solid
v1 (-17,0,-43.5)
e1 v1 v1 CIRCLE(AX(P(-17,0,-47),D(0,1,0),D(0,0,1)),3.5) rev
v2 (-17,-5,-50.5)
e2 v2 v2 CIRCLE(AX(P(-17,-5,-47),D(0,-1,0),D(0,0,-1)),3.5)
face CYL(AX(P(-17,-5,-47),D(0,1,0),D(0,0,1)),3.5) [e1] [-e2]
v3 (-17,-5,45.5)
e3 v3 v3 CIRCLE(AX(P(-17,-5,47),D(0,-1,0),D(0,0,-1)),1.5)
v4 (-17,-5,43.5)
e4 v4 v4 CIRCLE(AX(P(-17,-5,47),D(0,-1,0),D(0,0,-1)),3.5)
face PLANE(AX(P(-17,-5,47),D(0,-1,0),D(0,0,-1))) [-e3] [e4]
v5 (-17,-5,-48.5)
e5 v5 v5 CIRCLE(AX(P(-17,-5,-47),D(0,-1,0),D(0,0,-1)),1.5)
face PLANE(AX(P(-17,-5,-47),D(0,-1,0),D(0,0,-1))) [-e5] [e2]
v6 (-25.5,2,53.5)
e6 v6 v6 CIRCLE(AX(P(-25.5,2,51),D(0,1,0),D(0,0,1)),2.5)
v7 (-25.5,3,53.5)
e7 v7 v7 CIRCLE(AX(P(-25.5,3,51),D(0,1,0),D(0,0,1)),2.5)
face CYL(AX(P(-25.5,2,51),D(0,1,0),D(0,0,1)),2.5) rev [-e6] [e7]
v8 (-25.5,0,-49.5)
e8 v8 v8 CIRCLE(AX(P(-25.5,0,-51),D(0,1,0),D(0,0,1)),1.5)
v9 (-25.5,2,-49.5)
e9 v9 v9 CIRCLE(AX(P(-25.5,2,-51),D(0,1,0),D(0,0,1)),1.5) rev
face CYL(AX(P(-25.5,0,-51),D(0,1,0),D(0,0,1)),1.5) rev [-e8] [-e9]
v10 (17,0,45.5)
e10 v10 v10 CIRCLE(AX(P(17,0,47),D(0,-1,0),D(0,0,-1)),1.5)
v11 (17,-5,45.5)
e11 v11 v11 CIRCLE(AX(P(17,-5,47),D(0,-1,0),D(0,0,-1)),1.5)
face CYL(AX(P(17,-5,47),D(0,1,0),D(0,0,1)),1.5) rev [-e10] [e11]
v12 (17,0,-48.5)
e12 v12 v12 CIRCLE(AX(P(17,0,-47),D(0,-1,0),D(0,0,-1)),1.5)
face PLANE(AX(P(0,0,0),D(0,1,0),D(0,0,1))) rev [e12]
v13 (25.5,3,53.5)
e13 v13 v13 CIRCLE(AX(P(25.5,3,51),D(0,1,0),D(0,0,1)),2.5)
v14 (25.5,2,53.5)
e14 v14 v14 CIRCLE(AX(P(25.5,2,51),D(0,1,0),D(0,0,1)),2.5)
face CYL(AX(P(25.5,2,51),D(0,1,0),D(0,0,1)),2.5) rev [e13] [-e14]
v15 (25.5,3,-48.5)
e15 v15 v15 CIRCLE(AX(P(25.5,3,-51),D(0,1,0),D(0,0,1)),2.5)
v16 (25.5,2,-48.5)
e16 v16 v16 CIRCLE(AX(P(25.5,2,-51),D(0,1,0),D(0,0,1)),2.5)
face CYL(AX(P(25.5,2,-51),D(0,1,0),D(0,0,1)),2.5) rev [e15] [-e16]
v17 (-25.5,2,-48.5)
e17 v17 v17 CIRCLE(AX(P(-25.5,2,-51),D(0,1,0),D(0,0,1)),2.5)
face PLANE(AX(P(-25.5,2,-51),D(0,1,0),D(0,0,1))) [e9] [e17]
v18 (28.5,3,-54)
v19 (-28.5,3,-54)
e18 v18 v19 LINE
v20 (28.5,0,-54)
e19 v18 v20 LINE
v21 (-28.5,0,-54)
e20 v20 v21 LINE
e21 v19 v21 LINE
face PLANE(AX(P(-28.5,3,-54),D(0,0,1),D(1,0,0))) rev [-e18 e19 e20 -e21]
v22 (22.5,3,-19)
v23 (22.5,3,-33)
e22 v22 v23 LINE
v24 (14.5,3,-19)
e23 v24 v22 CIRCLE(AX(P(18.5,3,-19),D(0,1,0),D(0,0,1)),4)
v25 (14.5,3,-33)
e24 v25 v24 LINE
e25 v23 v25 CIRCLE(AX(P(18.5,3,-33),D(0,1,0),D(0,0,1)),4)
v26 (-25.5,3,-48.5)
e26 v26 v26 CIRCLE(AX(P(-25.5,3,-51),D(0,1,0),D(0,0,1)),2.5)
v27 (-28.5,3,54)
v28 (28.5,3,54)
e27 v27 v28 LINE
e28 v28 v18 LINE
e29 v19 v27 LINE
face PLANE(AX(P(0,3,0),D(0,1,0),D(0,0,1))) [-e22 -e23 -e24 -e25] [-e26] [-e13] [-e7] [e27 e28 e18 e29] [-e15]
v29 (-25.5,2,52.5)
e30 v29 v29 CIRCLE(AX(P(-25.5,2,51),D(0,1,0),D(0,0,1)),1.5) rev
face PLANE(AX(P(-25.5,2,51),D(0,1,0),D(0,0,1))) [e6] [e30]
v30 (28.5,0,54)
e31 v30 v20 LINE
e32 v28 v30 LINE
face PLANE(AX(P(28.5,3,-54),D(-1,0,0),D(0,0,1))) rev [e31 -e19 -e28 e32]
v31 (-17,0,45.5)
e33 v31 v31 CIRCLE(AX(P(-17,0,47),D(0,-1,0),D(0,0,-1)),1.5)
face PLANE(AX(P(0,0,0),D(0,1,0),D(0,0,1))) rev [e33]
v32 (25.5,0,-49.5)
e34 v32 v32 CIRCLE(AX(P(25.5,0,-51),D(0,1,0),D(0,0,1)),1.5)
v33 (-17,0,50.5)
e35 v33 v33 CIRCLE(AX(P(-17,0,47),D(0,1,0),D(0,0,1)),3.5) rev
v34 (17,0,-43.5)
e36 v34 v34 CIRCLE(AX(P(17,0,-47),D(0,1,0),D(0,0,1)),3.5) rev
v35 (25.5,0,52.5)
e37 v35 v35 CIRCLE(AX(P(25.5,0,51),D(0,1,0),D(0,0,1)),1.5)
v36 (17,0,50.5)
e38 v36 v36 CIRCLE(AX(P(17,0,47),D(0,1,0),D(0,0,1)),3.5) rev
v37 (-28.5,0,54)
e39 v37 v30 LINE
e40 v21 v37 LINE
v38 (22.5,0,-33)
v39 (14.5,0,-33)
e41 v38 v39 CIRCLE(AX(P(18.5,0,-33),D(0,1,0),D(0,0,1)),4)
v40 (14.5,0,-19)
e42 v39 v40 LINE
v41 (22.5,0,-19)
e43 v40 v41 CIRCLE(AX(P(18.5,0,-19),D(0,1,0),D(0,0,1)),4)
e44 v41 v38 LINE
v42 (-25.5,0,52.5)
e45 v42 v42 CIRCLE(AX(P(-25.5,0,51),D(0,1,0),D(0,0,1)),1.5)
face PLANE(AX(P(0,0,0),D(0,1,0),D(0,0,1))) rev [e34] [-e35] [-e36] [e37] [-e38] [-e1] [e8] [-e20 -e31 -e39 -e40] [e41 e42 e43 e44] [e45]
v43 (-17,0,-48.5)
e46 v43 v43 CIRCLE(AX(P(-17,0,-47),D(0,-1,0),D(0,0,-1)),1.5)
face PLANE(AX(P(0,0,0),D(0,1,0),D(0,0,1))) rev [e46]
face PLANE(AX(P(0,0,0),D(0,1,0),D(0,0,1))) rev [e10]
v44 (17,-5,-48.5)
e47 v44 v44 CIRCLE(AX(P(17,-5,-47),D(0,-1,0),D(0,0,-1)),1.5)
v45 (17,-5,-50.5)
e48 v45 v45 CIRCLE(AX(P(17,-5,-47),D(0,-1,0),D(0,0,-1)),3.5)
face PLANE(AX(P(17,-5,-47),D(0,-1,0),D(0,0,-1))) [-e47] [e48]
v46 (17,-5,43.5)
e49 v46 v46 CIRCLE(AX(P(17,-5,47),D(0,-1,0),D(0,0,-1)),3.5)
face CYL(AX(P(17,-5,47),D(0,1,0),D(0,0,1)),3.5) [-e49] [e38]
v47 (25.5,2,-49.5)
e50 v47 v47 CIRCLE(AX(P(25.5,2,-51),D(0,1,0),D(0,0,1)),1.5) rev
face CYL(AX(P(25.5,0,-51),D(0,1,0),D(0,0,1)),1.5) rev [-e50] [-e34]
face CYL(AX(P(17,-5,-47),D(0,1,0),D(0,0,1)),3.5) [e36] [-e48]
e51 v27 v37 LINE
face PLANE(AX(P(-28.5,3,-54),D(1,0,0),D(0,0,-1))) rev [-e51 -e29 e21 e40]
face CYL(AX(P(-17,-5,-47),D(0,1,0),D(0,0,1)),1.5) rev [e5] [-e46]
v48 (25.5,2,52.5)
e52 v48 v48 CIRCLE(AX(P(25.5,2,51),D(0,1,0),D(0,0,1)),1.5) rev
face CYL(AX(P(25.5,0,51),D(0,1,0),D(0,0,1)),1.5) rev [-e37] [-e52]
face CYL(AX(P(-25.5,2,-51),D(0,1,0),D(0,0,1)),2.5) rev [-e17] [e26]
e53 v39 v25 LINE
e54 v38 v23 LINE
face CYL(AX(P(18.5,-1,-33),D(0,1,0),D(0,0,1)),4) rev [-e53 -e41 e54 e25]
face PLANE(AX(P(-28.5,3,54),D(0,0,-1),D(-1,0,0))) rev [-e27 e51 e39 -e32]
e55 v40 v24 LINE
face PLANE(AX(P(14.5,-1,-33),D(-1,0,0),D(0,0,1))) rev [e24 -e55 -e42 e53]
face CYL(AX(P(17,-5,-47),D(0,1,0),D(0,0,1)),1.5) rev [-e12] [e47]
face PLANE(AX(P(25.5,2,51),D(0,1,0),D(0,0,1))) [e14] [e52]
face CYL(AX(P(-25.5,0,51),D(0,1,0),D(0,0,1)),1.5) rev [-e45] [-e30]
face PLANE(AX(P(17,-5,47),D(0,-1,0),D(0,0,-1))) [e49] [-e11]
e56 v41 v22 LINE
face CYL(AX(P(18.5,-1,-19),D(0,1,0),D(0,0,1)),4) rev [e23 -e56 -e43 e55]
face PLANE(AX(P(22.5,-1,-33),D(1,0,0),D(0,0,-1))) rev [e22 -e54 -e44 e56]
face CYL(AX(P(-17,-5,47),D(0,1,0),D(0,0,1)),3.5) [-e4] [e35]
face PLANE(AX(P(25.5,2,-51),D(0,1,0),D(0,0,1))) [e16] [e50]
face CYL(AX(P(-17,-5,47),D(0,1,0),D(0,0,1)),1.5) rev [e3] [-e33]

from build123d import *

# Parameters (mm, degrees)
CROQUIS1_W              = 57
CROQUIS1_H              = 108
SALIENTE_EXTRUIR1_DEPTH = 3
CROQUIS2_R              = 1.5
CORTAR_EXTRUIR1_DEPTH   = 3
CROQUIS3_R              = 2.5
CORTAR_EXTRUIR2_DEPTH   = 1
CROQUIS7_R              = 3.5
CROQUIS7_R_2            = 1.5
SALIENTE_EXTRUIR2_DEPTH = 5
CORTAR_EXTRUIR3_DEPTH   = 4


with BuildPart() as part:
    # Croquis1 → Saliente-Extruir1 (new body)
    with BuildSketch(Plane(origin=(0, 0, 0), x_dir=(1, 0, 0), z_dir=(0, 1, 0))):
        Rectangle(CROQUIS1_W, CROQUIS1_H)
    extrude(amount=SALIENTE_EXTRUIR1_DEPTH)

    # Croquis2 → Cortar-Extruir1 (cut)
    with BuildSketch(Plane(origin=(0, 3, 0), x_dir=(1, 0, 0), z_dir=(0, 1, 0))):
        with Locations(Location((-25.5, 51, 0), (0, 0, 270))):
            Circle(CROQUIS2_R)
        with Locations(Location((25.5, 51, 0), (0, 0, 270))):
            Circle(CROQUIS2_R)
        with Locations(Location((25.5, -51, 0), (0, 0, 270))):
            Circle(CROQUIS2_R)
        with Locations(Location((-25.5, -51, 0), (0, 0, 270))):
            Circle(CROQUIS2_R)
    extrude(amount=-CORTAR_EXTRUIR1_DEPTH, mode=Mode.SUBTRACT)

    # Croquis3 → Cortar-Extruir2 (cut)
    with BuildSketch(Plane(origin=(0, 3, 0), x_dir=(1, 0, 0), z_dir=(0, 1, 0))):
        with Locations(Location((-25.5, 51, 0), (0, 0, 270))):
            Circle(CROQUIS3_R)
        with Locations(Location((25.5, 51, 0), (0, 0, 270))):
            Circle(CROQUIS3_R)
        with Locations(Location((25.5, -51, 0), (0, 0, 270))):
            Circle(CROQUIS3_R)
        with Locations(Location((-25.5, -51, 0), (0, 0, 270))):
            Circle(CROQUIS3_R)
    extrude(amount=-CORTAR_EXTRUIR2_DEPTH, mode=Mode.SUBTRACT)

    # Croquis7 → Saliente-Extruir2 (add)
    # profile 1 of 4: a face of its own
    with BuildSketch(Plane.XZ):
        with Locations(Location((-17, 47, 0), (0, 0, 90))):
            Circle(CROQUIS7_R)
        with Locations(Location((-17, 47, 0), (0, 0, 270))):
            Circle(CROQUIS7_R_2, mode=Mode.SUBTRACT)
    # profile 2 of 4: a face of its own
    with BuildSketch(Plane.XZ):
        with Locations(Location((17, 47, 0), (0, 0, 90))):
            Circle(CROQUIS7_R)
        with Locations(Location((17, 47, 0), (0, 0, 270))):
            Circle(CROQUIS7_R_2, mode=Mode.SUBTRACT)
    # profile 3 of 4: a face of its own
    with BuildSketch(Plane.XZ):
        with Locations(Location((17, -47, 0), (0, 0, 90))):
            Circle(CROQUIS7_R)
        with Locations(Location((17, -47, 0), (0, 0, 270))):
            Circle(CROQUIS7_R_2, mode=Mode.SUBTRACT)
    # profile 4 of 4: a face of its own
    with BuildSketch(Plane.XZ):
        with Locations(Location((-17, -47, 0), (0, 0, 90))):
            Circle(CROQUIS7_R)
        with Locations(Location((-17, -47, 0), (0, 0, 270))):
            Circle(CROQUIS7_R_2, mode=Mode.SUBTRACT)
    extrude(amount=SALIENTE_EXTRUIR2_DEPTH)

    # Croquis9 → Cortar-Extruir3 (cut)
    with BuildSketch(Plane(origin=(0, 3, 0), x_dir=(1, 0, 0), z_dir=(0, 1, 0))):
        with BuildLine():
            Line((14.5, 33), (14.5, 19))
            ThreePointArc((14.5, 19), (18.5, 15), (22.5, 19))
            Line((22.5, 19), (22.5, 33))
            ThreePointArc((22.5, 33), (18.5, 37), (14.5, 33))
        make_face()
    extrude(amount=-CORTAR_EXTRUIR3_DEPTH, mode=Mode.SUBTRACT)


solid = part.part
